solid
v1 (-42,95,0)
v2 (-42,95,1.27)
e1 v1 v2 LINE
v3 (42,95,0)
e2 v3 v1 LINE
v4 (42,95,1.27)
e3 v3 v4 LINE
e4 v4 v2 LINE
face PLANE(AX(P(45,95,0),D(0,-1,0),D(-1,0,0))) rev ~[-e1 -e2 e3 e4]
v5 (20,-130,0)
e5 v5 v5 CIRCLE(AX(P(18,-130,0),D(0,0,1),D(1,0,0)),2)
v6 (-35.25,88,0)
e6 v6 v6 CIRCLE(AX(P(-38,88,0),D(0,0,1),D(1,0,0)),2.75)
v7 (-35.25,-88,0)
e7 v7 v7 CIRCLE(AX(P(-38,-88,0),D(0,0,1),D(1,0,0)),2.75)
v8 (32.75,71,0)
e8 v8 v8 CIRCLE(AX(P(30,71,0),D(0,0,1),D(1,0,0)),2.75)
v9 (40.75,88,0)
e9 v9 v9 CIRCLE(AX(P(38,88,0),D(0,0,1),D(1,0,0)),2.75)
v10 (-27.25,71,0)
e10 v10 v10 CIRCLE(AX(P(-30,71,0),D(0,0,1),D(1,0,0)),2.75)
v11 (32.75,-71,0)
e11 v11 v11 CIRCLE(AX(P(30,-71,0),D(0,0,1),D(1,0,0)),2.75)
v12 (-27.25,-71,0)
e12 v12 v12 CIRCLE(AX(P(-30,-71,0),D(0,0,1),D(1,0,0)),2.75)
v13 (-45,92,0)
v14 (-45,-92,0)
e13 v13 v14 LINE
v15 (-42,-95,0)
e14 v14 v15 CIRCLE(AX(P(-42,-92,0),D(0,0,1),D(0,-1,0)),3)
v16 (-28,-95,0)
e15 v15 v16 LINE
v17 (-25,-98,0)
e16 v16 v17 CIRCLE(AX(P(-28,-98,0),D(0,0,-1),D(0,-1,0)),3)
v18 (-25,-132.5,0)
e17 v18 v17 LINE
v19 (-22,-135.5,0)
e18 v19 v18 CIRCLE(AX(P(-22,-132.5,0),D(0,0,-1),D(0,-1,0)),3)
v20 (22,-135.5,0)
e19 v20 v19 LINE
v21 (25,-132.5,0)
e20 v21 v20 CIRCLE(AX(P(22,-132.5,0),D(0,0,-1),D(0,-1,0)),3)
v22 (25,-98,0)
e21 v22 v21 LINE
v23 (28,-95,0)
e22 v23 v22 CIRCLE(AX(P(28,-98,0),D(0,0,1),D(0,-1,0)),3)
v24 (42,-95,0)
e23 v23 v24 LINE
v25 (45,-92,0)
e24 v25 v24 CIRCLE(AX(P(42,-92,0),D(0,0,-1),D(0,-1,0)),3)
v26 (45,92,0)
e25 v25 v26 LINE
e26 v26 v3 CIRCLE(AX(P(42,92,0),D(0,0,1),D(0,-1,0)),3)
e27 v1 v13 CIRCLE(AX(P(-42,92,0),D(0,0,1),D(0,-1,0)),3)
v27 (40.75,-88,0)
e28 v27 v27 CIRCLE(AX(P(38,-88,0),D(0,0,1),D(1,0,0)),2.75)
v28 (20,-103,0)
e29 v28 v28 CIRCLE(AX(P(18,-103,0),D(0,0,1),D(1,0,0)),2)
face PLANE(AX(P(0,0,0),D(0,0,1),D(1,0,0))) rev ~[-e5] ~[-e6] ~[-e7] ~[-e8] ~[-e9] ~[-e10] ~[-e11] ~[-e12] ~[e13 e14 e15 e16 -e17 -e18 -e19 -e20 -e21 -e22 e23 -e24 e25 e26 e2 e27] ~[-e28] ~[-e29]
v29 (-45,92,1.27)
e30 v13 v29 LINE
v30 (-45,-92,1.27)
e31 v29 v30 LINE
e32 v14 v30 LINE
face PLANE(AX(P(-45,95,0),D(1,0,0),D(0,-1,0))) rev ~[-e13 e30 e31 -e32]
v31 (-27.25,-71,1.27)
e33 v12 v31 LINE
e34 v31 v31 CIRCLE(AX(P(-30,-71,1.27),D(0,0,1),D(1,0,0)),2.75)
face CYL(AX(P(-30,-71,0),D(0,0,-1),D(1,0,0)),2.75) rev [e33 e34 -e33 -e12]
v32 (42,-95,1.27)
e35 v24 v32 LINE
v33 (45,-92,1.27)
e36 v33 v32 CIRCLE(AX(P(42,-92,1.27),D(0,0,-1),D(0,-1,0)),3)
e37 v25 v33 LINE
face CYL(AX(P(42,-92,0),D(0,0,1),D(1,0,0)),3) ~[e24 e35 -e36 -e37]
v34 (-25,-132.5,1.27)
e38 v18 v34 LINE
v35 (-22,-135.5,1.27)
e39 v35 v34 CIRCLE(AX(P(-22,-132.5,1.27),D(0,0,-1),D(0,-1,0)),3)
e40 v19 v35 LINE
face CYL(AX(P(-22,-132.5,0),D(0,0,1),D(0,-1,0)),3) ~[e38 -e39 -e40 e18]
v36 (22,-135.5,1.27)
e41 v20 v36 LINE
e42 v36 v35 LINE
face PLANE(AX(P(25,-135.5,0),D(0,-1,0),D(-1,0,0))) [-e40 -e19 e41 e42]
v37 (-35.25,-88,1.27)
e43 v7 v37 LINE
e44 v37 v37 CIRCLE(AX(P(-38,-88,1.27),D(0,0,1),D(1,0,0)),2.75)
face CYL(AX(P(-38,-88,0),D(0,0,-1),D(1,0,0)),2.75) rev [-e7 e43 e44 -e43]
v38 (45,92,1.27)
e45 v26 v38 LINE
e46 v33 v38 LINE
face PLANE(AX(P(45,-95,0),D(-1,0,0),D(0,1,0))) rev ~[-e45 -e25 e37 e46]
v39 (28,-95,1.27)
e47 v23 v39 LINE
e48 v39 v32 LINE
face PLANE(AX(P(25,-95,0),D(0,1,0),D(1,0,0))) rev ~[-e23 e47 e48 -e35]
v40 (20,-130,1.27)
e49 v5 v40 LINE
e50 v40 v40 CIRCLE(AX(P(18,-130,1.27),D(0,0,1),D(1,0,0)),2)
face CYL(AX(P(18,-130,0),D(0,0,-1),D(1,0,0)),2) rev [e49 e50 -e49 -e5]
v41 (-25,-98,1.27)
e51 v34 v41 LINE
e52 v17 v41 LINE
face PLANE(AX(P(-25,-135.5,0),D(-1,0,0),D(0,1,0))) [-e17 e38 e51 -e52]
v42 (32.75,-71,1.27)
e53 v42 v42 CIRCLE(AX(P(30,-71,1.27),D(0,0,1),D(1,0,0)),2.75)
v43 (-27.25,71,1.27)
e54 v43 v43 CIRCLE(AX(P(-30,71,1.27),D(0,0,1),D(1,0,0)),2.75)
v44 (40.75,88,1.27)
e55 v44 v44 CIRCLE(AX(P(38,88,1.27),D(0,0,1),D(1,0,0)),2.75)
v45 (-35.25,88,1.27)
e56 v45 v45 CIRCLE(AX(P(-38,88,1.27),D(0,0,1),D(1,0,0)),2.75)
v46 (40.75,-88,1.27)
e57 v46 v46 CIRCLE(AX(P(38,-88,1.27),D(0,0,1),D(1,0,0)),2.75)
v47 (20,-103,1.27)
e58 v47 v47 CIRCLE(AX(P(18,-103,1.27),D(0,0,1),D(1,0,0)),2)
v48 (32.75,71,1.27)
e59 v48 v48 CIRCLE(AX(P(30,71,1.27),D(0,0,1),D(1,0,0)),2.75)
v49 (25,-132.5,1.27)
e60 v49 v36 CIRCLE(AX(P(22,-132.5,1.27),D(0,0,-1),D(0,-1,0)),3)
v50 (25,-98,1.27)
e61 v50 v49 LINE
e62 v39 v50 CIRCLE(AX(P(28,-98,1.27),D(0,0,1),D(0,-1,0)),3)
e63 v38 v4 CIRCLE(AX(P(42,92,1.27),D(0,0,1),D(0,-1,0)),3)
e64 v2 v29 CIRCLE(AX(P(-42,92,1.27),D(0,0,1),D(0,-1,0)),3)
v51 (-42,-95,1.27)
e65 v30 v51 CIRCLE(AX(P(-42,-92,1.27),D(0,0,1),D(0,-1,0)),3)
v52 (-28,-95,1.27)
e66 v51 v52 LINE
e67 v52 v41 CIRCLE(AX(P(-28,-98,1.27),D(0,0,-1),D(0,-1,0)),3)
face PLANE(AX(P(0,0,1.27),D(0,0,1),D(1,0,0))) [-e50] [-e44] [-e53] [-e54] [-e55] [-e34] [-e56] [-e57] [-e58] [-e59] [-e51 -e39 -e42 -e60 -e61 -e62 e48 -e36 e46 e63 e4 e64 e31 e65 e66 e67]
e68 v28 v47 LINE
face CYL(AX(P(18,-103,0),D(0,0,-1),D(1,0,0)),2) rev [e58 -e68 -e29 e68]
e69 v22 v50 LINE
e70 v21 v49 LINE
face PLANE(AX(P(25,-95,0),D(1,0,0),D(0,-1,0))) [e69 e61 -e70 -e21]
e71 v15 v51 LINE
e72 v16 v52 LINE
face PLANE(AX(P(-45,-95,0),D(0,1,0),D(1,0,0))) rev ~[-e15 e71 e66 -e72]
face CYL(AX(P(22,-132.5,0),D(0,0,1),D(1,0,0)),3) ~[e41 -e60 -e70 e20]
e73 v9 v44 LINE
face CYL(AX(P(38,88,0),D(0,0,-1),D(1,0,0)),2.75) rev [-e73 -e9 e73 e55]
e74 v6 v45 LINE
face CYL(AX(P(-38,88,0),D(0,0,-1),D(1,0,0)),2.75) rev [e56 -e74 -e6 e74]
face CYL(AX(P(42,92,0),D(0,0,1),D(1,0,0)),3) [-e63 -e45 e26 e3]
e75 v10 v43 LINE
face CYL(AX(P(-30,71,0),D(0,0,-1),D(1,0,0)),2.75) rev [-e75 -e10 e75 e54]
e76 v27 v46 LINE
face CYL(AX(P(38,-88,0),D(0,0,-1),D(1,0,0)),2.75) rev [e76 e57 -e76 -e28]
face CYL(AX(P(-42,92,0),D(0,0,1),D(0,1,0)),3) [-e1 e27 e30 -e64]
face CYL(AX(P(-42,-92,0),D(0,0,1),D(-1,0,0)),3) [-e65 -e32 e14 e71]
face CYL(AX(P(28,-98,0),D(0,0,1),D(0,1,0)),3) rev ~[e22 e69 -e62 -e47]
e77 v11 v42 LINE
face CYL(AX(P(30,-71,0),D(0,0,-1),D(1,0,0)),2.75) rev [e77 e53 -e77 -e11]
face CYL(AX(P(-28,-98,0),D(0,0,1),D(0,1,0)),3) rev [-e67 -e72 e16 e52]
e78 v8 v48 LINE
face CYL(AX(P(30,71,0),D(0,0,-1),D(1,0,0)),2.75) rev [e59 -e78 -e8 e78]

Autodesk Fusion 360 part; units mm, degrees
sketch "Sketch1" plane through (0, 0, 0) normal (0, 0, 1) x (1, 0, 0)
  line L0 (45, 95) -> (-45, 95)
  line L1 (-45, 95) -> (-45, -95)
  line L2 (-45, -95) -> (45, -95)
  line L3 (45, -95) -> (45, 95)
  line L4 (45, 95) -> (-45, -95) construction
  line L5 (-45, 95) -> (45, -95) construction
  line L6 (30, 71) -> (-30, 71) construction
  line L7 (-30, 71) -> (-30, -71) construction
  line L8 (-30, -71) -> (30, -71) construction
  line L9 (30, -71) -> (30, 71) construction
  line L10 (30, 71) -> (-30, -71) construction
  line L11 (-30, 71) -> (30, -71) construction
  circle A0 centre (-30, 71) radius 2.75
  circle A1 centre (30, 71) radius 2.75
  circle A2 centre (-30, -71) radius 2.75
  circle A3 centre (30, -71) radius 2.75
  line L12 (38, 88) -> (-38, 88) construction
  line L13 (-38, 88) -> (-38, -88) construction
  line L14 (-38, -88) -> (38, -88) construction
  line L15 (38, -88) -> (38, 88) construction
  line L16 (38, 88) -> (-38, -88) construction
  line L17 (-38, 88) -> (38, -88) construction
  circle A4 centre (38, 88) radius 2.75
  circle A5 centre (-38, 88) radius 2.75
  circle A6 centre (-38, -88) radius 2.75
  circle A7 centre (38, -88) radius 2.75
  line L18 (-25, -95) -> (25, -95)
  line L19 (25, -95) -> (25, -135.5)
  line L20 (25, -135.5) -> (-25, -135.5)
  line L21 (-25, -135.5) -> (-25, -95)
  line L22 (18, -130) -> (18, -103) construction
  circle A8 centre (18, -130) radius 2
  circle A9 centre (18, -103) radius 2
  line L23 (18, -116.5) -> (2.6311, -116.5) construction
  point P0 (0, -95)
  dimension "d1" = 76
  dimension "d2" = 176
  dimension "d3" = 190
  dimension "d4" = 90
  dimension "d5" = 142
  dimension "d6" = 60
  dimension "d7" = 27
  dimension "d8" = 15
  dimension "d9" = 50
  dimension "d12" = 12
  dimension "d13" = 19
  dimension "d14" = 4
  dimension "d15" = 5.5
extrude "Extrude1" add sketch "Sketch1" along normal blind 1.27
fillet "Fillet1" radius 3 8 edges at (-25, -135.5, 0.635) (-25, -95, 0.635) (-45, -95, 0.635) (25, -135.5, 0.635) (25, -95, 0.635) (45, -95, 0.635) (45, 95, 0.635) (-45, 95, 0.635)
